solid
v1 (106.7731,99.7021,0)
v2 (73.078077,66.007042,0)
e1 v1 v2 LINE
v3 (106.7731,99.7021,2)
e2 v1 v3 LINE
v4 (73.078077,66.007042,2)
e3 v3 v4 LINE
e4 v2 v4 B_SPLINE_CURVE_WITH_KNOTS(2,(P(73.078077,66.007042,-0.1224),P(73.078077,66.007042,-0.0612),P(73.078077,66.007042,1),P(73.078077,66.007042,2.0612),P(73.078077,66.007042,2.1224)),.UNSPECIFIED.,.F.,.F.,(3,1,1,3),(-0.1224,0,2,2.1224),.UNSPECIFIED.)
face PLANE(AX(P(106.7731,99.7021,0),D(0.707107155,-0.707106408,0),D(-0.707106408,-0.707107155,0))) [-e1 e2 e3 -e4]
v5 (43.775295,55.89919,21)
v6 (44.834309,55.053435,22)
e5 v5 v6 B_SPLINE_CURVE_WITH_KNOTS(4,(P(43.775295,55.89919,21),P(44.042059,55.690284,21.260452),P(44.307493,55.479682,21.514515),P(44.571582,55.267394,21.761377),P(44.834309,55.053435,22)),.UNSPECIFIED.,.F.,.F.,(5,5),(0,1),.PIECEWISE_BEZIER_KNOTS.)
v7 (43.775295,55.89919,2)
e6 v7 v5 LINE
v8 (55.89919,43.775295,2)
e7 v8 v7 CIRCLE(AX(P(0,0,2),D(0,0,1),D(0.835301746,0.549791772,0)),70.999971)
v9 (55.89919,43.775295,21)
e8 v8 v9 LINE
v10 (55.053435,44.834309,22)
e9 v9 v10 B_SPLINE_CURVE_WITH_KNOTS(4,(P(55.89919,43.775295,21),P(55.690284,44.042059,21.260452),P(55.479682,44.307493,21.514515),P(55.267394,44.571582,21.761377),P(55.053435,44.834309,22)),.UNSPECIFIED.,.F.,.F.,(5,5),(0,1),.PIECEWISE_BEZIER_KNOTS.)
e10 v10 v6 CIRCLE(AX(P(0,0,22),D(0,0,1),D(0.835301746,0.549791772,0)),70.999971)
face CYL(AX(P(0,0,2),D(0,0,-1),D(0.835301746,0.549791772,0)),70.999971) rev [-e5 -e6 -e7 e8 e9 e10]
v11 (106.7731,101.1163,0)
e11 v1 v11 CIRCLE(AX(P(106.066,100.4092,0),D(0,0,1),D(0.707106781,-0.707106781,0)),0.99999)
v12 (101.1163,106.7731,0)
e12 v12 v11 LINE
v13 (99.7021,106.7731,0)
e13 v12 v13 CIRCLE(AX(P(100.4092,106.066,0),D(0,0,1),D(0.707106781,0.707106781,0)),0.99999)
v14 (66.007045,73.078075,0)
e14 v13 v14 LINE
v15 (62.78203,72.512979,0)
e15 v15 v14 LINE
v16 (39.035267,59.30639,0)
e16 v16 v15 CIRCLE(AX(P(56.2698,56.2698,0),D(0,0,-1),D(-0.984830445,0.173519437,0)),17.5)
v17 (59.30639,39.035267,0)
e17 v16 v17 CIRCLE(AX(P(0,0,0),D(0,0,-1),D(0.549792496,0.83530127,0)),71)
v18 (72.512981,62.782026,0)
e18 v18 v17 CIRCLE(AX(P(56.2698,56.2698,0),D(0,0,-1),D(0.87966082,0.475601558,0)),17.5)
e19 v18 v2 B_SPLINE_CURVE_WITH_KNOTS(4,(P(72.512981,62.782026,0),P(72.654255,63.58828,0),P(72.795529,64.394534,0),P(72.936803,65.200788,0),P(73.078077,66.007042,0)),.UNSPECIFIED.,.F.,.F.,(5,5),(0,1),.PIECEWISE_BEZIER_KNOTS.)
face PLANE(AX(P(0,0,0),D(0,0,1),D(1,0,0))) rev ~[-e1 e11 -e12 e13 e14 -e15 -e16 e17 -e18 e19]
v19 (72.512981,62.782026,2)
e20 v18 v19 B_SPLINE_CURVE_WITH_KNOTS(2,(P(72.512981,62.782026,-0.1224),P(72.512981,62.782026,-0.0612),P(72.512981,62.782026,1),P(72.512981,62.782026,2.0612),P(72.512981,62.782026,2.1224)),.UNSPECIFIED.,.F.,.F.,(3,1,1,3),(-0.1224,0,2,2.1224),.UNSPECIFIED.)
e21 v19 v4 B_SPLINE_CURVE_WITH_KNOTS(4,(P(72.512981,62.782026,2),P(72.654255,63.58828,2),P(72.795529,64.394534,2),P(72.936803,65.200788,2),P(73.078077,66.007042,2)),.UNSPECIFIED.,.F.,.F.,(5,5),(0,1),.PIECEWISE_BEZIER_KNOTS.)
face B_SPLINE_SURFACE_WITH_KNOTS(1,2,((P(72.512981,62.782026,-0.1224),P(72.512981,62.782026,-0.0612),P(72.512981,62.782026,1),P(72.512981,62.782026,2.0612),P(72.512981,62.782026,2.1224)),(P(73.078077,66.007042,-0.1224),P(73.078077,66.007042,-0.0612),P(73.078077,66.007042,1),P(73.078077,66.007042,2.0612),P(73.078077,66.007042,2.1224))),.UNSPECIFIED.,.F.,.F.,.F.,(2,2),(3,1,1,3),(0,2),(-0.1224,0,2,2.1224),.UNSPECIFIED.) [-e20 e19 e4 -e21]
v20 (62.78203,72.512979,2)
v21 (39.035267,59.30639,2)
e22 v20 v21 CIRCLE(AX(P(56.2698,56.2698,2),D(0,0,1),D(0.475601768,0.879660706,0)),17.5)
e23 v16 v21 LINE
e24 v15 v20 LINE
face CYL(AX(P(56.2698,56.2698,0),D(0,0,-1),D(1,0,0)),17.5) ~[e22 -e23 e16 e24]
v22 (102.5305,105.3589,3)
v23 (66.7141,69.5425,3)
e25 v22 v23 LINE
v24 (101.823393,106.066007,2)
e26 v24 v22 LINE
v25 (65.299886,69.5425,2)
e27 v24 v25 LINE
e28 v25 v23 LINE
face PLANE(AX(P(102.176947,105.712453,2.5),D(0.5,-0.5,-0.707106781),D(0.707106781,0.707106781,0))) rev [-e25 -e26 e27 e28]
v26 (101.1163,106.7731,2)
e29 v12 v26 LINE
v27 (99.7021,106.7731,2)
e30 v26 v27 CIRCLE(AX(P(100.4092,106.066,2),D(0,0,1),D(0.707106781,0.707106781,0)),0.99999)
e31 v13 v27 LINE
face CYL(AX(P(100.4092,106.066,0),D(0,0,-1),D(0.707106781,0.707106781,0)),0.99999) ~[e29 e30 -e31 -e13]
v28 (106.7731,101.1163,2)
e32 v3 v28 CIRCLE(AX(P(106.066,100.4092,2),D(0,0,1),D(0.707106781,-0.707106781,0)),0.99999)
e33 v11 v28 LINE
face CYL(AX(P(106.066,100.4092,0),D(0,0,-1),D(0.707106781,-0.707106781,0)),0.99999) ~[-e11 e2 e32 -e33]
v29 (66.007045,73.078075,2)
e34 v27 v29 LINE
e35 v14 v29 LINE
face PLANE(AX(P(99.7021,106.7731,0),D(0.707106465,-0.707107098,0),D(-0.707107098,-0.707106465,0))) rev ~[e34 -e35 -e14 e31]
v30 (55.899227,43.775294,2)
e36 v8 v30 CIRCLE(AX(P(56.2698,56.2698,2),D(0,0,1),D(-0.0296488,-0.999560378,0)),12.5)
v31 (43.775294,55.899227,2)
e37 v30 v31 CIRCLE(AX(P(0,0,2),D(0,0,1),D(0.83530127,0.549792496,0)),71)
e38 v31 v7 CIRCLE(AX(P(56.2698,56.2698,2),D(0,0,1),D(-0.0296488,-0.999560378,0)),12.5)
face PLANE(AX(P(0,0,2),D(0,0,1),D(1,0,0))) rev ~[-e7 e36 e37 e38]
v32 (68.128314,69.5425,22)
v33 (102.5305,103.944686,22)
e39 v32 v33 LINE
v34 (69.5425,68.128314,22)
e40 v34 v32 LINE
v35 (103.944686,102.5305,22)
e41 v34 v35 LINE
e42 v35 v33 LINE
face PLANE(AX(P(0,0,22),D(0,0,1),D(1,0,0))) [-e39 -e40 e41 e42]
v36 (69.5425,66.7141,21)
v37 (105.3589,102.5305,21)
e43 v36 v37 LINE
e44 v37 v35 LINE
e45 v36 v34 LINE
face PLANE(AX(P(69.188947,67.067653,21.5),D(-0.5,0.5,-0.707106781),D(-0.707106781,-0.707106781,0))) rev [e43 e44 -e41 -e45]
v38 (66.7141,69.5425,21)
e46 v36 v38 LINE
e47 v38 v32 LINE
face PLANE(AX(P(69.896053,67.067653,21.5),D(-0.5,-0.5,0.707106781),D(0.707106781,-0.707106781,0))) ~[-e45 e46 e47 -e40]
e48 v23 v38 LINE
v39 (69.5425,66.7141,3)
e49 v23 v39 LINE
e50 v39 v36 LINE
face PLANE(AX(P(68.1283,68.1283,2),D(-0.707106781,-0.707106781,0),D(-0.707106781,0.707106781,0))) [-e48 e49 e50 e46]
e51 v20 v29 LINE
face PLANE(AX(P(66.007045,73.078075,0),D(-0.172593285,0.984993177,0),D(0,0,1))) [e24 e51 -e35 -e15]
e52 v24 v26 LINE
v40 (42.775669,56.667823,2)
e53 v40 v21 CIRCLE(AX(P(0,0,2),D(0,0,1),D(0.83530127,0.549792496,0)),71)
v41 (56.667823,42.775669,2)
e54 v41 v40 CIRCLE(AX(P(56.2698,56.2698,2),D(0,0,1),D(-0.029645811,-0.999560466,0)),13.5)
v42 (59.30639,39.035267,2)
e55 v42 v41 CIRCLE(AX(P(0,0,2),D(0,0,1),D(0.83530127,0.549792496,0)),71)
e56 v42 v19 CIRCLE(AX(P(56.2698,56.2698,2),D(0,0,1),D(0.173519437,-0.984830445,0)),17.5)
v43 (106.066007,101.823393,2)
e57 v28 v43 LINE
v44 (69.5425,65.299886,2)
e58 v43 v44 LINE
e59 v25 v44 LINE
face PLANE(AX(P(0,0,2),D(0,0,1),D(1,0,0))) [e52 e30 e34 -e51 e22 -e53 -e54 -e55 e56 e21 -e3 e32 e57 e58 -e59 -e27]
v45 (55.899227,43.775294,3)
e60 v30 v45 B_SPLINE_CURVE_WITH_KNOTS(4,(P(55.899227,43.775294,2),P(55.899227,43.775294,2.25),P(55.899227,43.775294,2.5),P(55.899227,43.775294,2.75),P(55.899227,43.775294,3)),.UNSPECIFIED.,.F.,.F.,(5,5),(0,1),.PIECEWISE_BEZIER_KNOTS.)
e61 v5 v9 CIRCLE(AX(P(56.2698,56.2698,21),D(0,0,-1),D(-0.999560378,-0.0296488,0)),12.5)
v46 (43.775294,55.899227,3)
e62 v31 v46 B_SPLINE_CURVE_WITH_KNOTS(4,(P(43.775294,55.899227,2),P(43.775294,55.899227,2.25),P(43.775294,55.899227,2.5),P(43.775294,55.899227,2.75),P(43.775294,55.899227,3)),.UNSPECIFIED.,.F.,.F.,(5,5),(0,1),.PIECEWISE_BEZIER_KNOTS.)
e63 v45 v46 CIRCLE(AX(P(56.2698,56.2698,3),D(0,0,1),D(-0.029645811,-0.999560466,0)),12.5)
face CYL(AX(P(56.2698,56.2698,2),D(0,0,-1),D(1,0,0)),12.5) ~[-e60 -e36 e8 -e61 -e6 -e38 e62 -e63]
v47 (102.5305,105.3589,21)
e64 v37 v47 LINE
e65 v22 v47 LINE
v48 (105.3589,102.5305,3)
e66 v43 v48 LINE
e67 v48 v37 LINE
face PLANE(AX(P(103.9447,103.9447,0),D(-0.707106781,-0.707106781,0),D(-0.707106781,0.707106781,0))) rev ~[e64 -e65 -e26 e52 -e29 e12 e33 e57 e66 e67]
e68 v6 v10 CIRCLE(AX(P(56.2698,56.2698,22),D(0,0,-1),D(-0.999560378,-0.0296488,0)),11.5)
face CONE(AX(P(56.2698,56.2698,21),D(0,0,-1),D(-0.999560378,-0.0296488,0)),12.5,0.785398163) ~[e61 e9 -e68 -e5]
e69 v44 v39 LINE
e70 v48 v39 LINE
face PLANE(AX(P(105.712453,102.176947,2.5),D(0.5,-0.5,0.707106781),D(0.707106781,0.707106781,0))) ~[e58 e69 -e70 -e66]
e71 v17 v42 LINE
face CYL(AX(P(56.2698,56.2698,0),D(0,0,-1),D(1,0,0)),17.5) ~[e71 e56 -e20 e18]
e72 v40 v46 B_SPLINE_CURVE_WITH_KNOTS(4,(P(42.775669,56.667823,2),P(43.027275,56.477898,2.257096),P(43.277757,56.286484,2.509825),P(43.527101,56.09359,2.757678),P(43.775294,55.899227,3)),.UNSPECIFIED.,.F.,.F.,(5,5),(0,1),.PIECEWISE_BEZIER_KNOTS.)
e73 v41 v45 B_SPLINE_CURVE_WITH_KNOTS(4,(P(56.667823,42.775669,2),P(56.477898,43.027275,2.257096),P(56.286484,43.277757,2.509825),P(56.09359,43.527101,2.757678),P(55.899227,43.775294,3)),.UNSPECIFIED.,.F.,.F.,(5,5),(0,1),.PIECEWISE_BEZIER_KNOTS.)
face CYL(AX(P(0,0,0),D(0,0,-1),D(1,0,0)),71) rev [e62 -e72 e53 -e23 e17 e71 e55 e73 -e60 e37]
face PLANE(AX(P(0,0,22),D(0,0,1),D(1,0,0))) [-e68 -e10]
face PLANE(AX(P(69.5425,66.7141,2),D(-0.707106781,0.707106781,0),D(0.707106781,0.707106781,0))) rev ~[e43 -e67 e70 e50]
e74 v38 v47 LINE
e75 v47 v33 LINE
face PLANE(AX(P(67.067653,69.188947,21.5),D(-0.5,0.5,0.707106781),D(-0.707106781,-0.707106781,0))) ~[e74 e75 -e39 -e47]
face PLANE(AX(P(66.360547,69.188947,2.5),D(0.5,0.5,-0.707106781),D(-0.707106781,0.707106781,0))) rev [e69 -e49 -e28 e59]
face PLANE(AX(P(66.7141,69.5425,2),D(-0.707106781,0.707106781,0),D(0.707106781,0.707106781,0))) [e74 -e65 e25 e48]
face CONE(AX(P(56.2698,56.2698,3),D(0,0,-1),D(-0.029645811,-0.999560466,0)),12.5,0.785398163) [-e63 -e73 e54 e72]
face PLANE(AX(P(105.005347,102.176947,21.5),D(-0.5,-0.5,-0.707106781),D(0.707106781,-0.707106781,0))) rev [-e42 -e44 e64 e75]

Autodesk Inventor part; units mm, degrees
ref_plane "YZ Plane" through (0, 0, 0) normal (1, 0, 0) x (0, 1, 0)
ref_plane "XZ Plane" through (0, 0, 0) normal (0, 1, 0) x (-1, 0, 0)
ref_plane "XY Plane" through (0, 0, 0) normal (0, 0, 1) x (1, 0, 0)
sketch "Sketch3" plane through (0, 0, 0) normal (0, 0, 1) x (1, 0, 0)
  line L0 (0, 0) -> (103.9447, 103.9447)
  line L1 (0, 0) -> (147, 0) construction
  arc A0 (67.2085, 42.6098) -> (42.6098, 67.2085) centre (0, 0) ccw
  circle A1 centre (56.2698, 56.2698) radius 17.5
  circle A2 centre (0, 0) radius 71
  line L2 (67.2085, 42.6098) -> (63.0672, 32.6118)
  line L3 (67.2085, 42.6098) -> (78.0302, 42.6098) construction
  line L4 (42.6098, 67.2085) -> (32.6118, 63.0672)
  line L5 (42.6098, 67.2085) -> (53.4315, 67.2085) construction
  line L6 (106.7731, 99.7021) -> (12.0711, 5)
  line L7 (12.0711, 5) -> (147, 5)
  line L8 (99.7021, 106.7731) -> (-12.0711, -5)
  line L9 (-12.0711, -5) -> (147, -5)
  line L10 (103.9447, 103.9447) -> (101.1163, 106.7731)
  line L11 (103.9447, 103.9447) -> (106.7731, 101.1163)
  arc A3 (101.1163, 106.7731) -> (99.7021, 106.7731) centre (100.4092, 106.066) ccw
  arc A4 (106.7731, 99.7021) -> (106.7731, 101.1163) centre (106.066, 100.4092) ccw
  point P0 (71.6638, 64.5928)
  point P1 (64.5928, 71.6638)
  point P2 (68.6441, 68.6441)
  point P3 (70.8237, -5)
  point P4 (40.8757, 47.9468)
  point P5 (39.0352, 59.3064)
  point P6 (46.5444, 53.6155)
  point P7 (70.8237, 5)
  point P8 (47.9468, 40.8757)
  point P9 (53.6155, 46.5444)
  point P10 (59.3064, 39.0352)
  point P11 (43.8954, 43.8954)
  point P12 (50.2046, 50.2046)
  dimension "d26" = 147
  dimension "d27" = 45
  dimension "d28" = 159.1549
  dimension "d29" = 35
  dimension "d30" = 142
  dimension "d31" = 112.5
  dimension "d32" = 157.5
  dimension "d33" = 5
  dimension "d34" = 5
  dimension "d35" = 1
extrude "Extrusion2" add sketch "Sketch3" along normal blind 2 contours A2 L8 A0 L0 | L0 A0 L6 A2 | A0 L8 A1 L0 | L0 A1 L6 A0 | L6 A0 A1 A2 | A2 A1 A0 L8 | A1 L8 A3 L10 L0 | L0 L11 A4 L6 A1 | L6 A1 A0 | A0 A1 L8
sketch "Sketch4" plane through (0, 0, 2) normal (0, 0, 1) x (1, 0, 0)
  arc A0 (64.5928, 71.6638) -> (39.0352, 59.3064) centre (56.2698, 56.2698) ccw projected
  arc A1 (59.3064, 39.0352) -> (71.6638, 64.5928) centre (56.2698, 56.2698) ccw projected
  circle A2 centre (56.2698, 56.2698) radius 12.5
  line L0 (56.2698, 56.2698) -> (103.9447, 103.9447)
  line L1 (54.8556, 57.684) -> (102.5305, 105.3589)
  line L2 (57.684, 54.8556) -> (105.3589, 102.5305)
  line L3 (71.6638, 64.5928) -> (64.5928, 71.6638)
  circle A3 centre (56.2698, 56.2698) radius 7.5
  arc A4 (59.3064, 39.0352) -> (39.0352, 59.3064) centre (0, 0) ccw projected
  arc A5 (65.732, 33.9898) -> (33.9898, 65.732) centre (0, 0) ccw
  line L4 (103.9447, 103.9447) -> (105.3589, 102.5305)
  line L5 (106.7731, 101.1163) -> (101.1163, 106.7731) projected
  line L6 (102.5305, 105.3589) -> (103.9447, 103.9447)
  circle A6 centre (0, 0) radius 93.5775
  circle A7 centre (56.2698, 56.2698) radius 17.5
  point P0 (42.6098, 67.2085)
  point P1 (67.2085, 42.6098)
  point P2 (32.6118, 63.0672)
  point P3 (63.0672, 32.6118)
  point P4 (69.5425, 66.7141)
  point P5 (66.7141, 69.5425)
  point P6 (43.7753, 55.8993)
  point P7 (55.8993, 43.7753)
  point P8 (51.9915, 48.3517)
  point P9 (48.3517, 51.9915)
  point P10 (55.6314, 48.797)
  point P11 (48.797, 55.6314)
  dimension "d38" = 25
  dimension "d39" = 2
  dimension "d40" = 2
  dimension "d41" = 5
  dimension "d56" = 3
  dimension "d66" = 187.1549
  dimension "d67" = 35
extrude "Extrusion3" add sketch "Sketch4" along normal blind 20 contours L1 A7 L0 L3 | L1 L5 L0 A7 | L0 A7 L2 L3 | L0 L4 L2 A7 | A5 A3 A2 A4 | A2 L1 A3 A5 | A2 L0 A3 L1 | A5 A3 | A3 A5 | A2 L2 A3 L0 | A3 L2 A2 A5
chamfer "Chamfer6" distance 1 angle 45 9 edges at (68.1283, 68.1283, 2) (65.1086, 65.1086, 22) (84.6223, 87.4507, 22) (87.4507, 84.6223, 22) (68.1283, 68.1283, 22) (103.9447, 103.9447, 22) (84.6223, 87.4507, 2) (87.4507, 84.6223, 2) (65.1086, 65.1086, 2)
chamfer "Chamfer7" distance 2 angle 45 2 edges at (64.5928, 71.6638, 1) (71.6638, 64.5928, 1)
properties part number "HourGuard_36_wavyV2_3DPrint"
